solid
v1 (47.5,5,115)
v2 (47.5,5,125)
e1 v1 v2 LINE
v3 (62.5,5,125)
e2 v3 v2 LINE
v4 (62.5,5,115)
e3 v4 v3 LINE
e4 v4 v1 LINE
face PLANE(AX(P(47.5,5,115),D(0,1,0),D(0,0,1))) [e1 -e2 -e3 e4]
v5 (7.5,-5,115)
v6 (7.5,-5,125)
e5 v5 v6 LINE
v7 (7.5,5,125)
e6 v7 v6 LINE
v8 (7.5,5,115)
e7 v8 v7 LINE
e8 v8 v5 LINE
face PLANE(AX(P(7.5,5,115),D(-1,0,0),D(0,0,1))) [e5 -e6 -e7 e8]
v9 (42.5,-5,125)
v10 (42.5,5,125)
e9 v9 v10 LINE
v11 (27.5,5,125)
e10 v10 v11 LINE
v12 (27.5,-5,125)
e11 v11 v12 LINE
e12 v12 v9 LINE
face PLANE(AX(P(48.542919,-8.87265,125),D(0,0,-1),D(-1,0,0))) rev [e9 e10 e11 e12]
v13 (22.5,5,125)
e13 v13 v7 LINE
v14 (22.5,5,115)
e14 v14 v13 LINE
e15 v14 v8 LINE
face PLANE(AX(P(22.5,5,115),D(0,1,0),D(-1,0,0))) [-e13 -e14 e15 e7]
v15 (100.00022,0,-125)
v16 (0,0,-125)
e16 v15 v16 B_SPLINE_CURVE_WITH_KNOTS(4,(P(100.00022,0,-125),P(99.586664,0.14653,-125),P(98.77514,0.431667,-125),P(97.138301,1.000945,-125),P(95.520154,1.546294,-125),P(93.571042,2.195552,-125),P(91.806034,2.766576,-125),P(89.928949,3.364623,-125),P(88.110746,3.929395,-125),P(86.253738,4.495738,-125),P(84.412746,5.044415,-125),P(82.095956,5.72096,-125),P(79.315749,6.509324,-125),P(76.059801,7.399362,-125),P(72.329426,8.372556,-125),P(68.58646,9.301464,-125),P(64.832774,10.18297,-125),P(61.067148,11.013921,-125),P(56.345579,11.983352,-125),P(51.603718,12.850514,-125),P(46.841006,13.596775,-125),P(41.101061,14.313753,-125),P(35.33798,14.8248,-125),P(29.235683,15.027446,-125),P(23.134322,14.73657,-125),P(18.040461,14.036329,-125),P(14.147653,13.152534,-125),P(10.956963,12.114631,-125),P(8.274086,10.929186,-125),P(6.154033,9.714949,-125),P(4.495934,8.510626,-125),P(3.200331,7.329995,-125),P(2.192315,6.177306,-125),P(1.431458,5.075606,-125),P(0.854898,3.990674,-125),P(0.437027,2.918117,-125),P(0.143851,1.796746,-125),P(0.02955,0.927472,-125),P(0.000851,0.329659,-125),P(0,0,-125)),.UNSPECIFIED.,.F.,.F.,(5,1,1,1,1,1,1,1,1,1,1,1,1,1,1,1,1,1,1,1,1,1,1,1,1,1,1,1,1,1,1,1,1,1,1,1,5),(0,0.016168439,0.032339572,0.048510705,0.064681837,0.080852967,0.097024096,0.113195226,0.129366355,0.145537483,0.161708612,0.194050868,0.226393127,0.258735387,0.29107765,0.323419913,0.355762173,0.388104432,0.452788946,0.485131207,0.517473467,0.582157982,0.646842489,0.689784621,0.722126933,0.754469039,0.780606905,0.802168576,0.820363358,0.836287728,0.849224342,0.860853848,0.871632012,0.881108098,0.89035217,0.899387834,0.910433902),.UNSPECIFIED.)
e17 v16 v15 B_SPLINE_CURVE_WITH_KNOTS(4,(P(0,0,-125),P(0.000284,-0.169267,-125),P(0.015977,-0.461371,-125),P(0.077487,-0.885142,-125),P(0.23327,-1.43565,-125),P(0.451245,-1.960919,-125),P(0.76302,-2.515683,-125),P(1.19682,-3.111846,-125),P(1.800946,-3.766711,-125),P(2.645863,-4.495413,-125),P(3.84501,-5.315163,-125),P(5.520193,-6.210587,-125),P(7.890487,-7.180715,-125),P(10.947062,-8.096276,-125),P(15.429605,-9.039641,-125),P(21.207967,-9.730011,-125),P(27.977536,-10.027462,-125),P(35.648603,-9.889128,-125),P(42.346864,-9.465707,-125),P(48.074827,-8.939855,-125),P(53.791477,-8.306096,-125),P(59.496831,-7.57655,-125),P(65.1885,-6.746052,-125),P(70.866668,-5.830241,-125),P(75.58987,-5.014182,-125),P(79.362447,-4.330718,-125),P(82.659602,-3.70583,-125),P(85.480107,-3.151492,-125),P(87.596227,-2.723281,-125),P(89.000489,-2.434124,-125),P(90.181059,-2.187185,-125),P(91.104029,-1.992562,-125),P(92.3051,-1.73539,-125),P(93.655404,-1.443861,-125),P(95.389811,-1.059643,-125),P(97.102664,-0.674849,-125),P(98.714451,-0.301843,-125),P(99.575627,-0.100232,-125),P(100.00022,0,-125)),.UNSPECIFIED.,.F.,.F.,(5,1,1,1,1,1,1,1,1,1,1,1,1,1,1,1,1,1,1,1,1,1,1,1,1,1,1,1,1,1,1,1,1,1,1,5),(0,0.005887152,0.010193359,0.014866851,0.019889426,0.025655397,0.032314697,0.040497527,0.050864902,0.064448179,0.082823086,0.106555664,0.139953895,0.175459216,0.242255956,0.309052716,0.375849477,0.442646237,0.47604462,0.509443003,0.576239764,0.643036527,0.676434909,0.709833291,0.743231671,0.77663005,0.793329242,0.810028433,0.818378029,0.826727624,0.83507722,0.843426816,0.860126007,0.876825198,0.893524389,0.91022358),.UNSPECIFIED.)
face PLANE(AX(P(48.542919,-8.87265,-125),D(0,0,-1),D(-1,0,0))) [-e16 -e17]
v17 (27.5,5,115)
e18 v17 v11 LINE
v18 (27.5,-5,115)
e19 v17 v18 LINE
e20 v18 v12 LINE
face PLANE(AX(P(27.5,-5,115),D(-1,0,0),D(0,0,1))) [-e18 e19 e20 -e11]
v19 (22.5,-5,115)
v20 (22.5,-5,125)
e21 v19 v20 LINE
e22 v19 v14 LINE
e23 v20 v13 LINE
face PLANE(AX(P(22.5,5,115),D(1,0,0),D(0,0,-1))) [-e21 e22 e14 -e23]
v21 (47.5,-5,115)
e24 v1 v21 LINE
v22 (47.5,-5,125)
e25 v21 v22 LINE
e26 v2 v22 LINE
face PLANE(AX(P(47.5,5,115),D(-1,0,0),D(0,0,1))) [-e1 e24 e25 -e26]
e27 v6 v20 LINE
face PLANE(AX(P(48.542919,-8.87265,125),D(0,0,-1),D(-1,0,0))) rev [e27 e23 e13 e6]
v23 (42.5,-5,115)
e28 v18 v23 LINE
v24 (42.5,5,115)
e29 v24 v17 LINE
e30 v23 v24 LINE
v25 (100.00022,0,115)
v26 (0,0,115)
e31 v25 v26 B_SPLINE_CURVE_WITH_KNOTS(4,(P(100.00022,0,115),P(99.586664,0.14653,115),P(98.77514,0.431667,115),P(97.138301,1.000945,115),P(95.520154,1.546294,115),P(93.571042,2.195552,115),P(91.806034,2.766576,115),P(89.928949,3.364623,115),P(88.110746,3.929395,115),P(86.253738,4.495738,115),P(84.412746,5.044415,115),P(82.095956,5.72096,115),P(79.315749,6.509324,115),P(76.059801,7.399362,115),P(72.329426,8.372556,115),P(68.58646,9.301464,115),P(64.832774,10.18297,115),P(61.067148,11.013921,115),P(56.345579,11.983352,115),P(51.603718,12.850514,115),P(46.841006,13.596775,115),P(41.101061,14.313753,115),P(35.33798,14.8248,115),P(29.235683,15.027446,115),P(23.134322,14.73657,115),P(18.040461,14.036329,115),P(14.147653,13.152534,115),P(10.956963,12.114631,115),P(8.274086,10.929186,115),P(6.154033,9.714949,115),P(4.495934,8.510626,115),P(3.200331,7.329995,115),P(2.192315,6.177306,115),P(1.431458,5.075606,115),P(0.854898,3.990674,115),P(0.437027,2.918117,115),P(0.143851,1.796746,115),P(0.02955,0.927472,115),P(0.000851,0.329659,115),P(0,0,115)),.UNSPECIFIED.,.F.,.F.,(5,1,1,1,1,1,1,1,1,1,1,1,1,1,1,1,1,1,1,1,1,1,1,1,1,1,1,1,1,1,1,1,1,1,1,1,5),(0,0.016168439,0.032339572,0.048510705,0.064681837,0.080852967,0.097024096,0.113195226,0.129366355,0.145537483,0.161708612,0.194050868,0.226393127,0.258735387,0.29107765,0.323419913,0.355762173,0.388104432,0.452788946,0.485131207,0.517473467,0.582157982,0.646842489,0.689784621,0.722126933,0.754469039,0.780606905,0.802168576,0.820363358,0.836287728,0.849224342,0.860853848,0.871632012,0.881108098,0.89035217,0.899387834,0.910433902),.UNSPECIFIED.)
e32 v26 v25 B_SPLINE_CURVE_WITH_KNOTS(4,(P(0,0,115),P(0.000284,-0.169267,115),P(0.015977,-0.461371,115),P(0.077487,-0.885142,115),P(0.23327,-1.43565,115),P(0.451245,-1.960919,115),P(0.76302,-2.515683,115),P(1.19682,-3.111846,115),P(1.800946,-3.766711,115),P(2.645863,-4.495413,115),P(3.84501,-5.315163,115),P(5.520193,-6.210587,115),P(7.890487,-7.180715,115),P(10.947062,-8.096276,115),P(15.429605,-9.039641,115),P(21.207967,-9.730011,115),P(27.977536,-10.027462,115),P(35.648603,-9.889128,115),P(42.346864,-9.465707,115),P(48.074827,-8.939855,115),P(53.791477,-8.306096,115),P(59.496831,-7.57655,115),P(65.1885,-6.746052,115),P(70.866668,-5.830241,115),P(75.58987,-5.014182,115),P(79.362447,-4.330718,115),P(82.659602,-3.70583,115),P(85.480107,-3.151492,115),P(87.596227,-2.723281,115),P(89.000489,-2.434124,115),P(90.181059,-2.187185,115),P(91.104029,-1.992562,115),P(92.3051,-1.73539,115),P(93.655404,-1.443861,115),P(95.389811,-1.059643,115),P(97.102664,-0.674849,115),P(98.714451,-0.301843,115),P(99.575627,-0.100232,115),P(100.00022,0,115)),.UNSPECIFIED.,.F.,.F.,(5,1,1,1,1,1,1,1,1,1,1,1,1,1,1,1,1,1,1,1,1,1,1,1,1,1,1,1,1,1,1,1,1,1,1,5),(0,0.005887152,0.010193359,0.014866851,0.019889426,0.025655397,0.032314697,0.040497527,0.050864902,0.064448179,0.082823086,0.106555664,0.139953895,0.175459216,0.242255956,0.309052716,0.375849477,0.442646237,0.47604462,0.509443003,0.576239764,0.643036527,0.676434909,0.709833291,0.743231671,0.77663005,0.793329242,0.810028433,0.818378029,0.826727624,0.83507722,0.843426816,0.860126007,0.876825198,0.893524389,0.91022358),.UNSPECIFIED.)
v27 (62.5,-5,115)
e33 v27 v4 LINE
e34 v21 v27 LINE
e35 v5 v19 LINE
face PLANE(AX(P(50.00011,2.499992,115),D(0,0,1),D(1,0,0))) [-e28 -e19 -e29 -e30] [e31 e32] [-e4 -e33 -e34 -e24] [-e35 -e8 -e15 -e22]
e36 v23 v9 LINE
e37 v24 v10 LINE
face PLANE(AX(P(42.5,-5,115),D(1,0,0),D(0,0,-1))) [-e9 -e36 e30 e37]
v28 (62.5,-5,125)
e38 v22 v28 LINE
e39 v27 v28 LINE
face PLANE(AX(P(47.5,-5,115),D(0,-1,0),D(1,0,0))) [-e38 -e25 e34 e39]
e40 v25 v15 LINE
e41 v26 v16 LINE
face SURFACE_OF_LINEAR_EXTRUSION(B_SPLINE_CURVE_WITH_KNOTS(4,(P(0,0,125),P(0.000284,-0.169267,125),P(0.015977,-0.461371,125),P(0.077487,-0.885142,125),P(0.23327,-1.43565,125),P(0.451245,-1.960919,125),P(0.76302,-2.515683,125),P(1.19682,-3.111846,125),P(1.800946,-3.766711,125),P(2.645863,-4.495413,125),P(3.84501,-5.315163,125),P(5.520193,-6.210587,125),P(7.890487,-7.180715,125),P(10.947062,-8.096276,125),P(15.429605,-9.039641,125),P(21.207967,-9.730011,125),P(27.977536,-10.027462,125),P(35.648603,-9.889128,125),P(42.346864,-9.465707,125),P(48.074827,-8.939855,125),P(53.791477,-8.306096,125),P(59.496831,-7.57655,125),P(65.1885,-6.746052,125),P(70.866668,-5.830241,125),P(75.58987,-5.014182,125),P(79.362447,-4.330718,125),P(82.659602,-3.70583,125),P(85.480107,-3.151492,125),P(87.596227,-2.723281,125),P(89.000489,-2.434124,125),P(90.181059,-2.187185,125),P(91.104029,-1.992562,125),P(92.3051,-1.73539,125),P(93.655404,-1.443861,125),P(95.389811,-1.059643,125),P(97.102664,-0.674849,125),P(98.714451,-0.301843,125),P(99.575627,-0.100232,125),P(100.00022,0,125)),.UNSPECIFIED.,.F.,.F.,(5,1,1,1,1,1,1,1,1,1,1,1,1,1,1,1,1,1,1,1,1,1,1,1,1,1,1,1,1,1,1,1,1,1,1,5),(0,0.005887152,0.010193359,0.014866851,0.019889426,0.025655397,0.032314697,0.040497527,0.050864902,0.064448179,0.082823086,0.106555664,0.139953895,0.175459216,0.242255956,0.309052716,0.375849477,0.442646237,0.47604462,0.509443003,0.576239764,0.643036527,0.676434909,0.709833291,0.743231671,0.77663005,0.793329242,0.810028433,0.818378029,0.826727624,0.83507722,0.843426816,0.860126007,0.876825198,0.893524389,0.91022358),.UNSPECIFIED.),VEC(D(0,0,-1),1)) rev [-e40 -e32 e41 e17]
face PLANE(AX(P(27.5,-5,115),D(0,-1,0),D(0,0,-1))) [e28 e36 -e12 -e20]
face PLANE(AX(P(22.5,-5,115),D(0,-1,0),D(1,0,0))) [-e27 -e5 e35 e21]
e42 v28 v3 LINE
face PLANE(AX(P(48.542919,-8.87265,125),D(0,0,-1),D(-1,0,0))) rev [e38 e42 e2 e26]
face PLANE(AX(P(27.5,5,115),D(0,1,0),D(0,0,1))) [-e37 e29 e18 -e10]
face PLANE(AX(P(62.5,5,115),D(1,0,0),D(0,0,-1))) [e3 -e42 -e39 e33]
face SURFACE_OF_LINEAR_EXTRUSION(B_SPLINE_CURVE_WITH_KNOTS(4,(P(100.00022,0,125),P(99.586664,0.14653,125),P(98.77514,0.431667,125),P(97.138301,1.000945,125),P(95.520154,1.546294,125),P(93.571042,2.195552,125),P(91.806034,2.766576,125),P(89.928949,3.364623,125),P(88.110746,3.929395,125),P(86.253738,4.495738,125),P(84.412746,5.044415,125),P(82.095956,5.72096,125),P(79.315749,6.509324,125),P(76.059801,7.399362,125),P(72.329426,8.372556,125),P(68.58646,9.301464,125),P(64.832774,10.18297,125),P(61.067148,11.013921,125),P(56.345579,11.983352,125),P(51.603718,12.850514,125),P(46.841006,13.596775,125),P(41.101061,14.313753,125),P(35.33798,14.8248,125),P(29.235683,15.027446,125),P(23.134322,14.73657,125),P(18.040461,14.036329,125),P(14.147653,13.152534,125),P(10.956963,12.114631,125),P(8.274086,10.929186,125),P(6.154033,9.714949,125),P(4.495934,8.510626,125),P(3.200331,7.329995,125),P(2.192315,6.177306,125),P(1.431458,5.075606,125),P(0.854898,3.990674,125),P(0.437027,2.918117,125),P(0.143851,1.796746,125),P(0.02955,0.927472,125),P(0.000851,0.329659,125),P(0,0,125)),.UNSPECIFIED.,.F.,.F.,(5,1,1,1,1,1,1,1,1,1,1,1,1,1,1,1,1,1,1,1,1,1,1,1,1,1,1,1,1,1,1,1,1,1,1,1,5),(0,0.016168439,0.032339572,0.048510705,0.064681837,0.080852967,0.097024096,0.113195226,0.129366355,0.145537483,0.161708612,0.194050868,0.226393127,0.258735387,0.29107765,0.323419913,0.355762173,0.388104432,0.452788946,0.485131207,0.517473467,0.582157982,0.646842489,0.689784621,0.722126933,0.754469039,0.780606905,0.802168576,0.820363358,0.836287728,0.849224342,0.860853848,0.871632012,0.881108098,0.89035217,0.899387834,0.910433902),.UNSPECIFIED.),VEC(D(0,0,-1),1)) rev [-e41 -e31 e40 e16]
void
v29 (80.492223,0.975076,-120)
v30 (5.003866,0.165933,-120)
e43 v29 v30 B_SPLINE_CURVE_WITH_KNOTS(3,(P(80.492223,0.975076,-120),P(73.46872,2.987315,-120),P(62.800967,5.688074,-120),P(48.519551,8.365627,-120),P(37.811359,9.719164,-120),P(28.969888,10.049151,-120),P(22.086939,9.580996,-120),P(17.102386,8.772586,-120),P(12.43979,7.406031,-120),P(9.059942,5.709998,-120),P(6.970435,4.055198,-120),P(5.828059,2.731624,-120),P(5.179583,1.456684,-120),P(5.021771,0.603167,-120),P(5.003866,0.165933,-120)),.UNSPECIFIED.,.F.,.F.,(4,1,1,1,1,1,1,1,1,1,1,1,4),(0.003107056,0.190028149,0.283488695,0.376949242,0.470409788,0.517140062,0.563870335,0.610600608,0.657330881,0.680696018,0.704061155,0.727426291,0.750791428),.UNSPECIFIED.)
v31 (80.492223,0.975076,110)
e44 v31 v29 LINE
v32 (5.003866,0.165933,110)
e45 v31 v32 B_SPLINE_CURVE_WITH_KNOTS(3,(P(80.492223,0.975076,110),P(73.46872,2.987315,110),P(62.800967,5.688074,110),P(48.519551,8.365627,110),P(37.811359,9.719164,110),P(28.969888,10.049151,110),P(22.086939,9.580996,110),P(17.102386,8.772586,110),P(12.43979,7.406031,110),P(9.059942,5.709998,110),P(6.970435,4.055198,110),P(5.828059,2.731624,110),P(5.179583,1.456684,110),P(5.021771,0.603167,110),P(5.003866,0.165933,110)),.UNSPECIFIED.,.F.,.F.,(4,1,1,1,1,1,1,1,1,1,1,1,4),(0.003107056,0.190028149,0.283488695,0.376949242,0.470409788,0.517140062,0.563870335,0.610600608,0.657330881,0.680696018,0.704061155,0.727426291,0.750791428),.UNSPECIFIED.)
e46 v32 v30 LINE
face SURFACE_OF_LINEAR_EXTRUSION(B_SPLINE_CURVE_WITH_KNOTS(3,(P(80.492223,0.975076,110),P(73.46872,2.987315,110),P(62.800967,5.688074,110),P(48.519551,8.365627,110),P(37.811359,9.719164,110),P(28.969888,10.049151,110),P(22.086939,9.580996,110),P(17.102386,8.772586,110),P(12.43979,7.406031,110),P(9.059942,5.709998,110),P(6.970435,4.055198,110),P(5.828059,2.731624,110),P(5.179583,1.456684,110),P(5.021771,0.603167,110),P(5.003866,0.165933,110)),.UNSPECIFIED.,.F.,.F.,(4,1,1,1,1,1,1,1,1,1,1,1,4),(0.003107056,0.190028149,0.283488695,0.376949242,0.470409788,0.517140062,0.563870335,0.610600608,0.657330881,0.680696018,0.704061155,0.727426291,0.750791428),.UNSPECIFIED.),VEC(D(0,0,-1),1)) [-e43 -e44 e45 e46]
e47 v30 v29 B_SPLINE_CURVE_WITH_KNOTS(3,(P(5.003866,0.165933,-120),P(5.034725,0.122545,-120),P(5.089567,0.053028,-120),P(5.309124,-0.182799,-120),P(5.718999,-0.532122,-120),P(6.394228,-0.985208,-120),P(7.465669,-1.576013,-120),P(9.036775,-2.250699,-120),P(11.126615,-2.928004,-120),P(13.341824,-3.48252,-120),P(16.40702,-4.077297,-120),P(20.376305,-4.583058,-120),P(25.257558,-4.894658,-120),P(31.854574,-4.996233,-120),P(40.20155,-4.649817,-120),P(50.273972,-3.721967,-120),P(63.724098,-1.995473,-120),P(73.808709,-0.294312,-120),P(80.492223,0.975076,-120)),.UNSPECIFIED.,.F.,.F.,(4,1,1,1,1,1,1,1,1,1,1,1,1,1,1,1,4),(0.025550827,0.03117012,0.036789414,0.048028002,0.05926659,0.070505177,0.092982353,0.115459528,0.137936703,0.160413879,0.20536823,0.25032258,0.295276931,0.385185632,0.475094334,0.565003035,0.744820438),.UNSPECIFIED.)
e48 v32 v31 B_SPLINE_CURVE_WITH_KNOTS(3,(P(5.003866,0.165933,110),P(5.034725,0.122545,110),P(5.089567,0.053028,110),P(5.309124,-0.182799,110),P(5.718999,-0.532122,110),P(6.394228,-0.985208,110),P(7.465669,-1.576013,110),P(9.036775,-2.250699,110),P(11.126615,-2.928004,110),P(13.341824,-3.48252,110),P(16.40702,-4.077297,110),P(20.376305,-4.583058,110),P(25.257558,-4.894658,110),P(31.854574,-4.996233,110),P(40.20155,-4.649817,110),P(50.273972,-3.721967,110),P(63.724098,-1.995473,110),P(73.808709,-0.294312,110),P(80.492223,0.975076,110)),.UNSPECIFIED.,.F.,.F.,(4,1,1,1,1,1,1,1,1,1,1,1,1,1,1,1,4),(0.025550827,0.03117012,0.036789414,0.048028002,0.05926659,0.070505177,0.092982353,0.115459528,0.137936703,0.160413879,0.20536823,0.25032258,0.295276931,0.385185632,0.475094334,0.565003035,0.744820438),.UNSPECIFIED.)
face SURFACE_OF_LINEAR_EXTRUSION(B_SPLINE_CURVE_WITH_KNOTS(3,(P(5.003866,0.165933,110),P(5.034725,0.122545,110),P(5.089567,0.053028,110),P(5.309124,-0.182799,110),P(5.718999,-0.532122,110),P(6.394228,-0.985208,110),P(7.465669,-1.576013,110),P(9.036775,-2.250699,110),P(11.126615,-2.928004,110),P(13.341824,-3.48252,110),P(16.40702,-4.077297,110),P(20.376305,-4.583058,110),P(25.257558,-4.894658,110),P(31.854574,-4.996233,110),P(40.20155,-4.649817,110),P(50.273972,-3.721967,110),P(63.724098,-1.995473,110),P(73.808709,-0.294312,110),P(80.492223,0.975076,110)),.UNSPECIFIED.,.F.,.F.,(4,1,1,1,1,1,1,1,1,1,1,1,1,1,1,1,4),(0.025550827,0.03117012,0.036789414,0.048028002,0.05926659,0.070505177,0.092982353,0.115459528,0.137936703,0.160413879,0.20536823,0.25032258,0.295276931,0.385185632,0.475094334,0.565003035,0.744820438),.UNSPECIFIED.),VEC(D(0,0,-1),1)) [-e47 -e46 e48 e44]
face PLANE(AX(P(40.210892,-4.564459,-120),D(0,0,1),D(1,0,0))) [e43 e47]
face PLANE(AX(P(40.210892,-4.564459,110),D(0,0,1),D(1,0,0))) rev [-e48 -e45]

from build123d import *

# Parameters (mm, degrees)
BOSS_EXTRUDE1_DEPTH     = 125
CUT_EXTRUDE1_DEPTH      = 110
CUT_EXTRUDE1_DEPTH_BACK = 120
SKETCH8_OUTSIDE_W       = 156.08
SKETCH8_OUTSIDE_H       = 80.93
SKETCH8_OUTSIDE_W_2     = 15
SKETCH8_OUTSIDE_H_2     = 10
CUT_EXTRUDE2_DEPTH      = 10


with BuildPart() as part:
    # Sketch1 → Boss-Extrude1 (new body, symmetric)
    with BuildSketch(Plane.XY):
        with BuildLine():
            add(Edge.make_bspline(
                [(0, 0), (0.000850995, 0.329659199), (0.029549865, 0.927472015), (0.14385133, 1.796745902), (0.437026819, 2.918116545), (0.854897816, 3.99067399), (1.431457873, 5.075606208), (2.192315162, 6.177305776), (3.200330795, 7.329994922), (4.495933807, 8.510625759), (6.154032841, 9.714948919), (8.274086435, 10.929186229), (10.956963281, 12.114631433), (14.147653492, 13.152534318), (18.040460609, 14.036328853), (23.13432232, 14.736569605), (29.235682959, 15.027445823), (35.337980191, 14.824799668), (41.101061226, 14.313753112), (46.84100573, 13.596774566), (51.603718071, 12.850513756), (56.345578755, 11.983351698), (61.067148387, 11.013921336), (64.832774323, 10.182970339), (68.586460194, 9.301464098), (72.329426272, 8.372556112), (76.059801155, 7.399362237), (79.315748534, 6.509324276), (82.095955547, 5.720960272), (84.412746103, 5.044415193), (86.253737616, 4.495737821), (88.110746108, 3.929395104), (89.928948501, 3.364622885), (91.806033909, 2.766575591), (93.571042413, 2.195551738), (95.520153622, 1.546294126), (97.13830136, 1.000944859), (98.775140125, 0.431667147), (99.586664269, 0.14652965), (100.000220498, 0)],
                knots=[0, 0, 0, 0, 0, 0.011046069, 0.020081733, 0.029325805, 0.03880189, 0.049580055, 0.06120956, 0.074146174, 0.090070544, 0.108265326, 0.129826997, 0.155964864, 0.18830697, 0.220649281, 0.263591413, 0.32827592, 0.392960436, 0.425302696, 0.457644956, 0.52232947, 0.55467173, 0.58701399, 0.619356253, 0.651698515, 0.684040775, 0.716383035, 0.748725291, 0.764896419, 0.781067547, 0.797238677, 0.813409806, 0.829580935, 0.845752065, 0.861923198, 0.878094331, 0.894265464, 0.910433902, 0.910433902, 0.910433902, 0.910433902, 0.910433902], degree=4))
            add(Edge.make_bspline(
                [(0, 0), (0.000283694, -0.169267254), (0.015976794, -0.461371136), (0.077487025, -0.88514164), (0.233270026, -1.435649885), (0.451244669, -1.960918505), (0.763020391, -2.515682909), (1.196819683, -3.111846412), (1.800946429, -3.766711239), (2.645862845, -4.495413172), (3.845009807, -5.315163118), (5.520192869, -6.210587445), (7.890487327, -7.180714875), (10.947062049, -8.096276481), (15.429604607, -9.039640979), (21.207967366, -9.730011133), (27.977535992, -10.02746215), (35.648602876, -9.889128299), (42.346864335, -9.465706657), (48.074827103, -8.93985543), (53.791477179, -8.306095929), (59.496830619, -7.576550222), (65.188499989, -6.746051578), (70.86666832, -5.830240622), (75.589869863, -5.014181774), (79.362447213, -4.33071773), (82.659602016, -3.705830248), (85.480106996, -3.151491524), (87.596226543, -2.723280533), (89.000489113, -2.434123885), (90.181059485, -2.187185496), (91.104029231, -1.992562417), (92.305099816, -1.735390328), (93.655404022, -1.443860687), (95.389810689, -1.059643077), (97.102663756, -0.674849293), (98.714450572, -0.301843412), (99.575627153, -0.100232022), (100.000220498, 0)],
                knots=[0, 0, 0, 0, 0, 0.005887152, 0.010193359, 0.014866851, 0.019889426, 0.025655397, 0.032314697, 0.040497527, 0.050864902, 0.064448179, 0.082823086, 0.106555664, 0.139953895, 0.175459216, 0.242255956, 0.309052716, 0.375849477, 0.442646237, 0.47604462, 0.509443003, 0.576239764, 0.643036527, 0.676434909, 0.709833291, 0.743231671, 0.77663005, 0.793329242, 0.810028433, 0.818378029, 0.826727624, 0.83507722, 0.843426816, 0.860126007, 0.876825198, 0.893524389, 0.91022358, 0.91022358, 0.91022358, 0.91022358, 0.91022358], degree=4))
        make_face()
    extrude(amount=BOSS_EXTRUDE1_DEPTH, both=True)

    # Sketch6 → Cut-Extrude1 (cut, two sides)
    with BuildSketch(Plane.XY) as cut_extrude1_sk:
        with BuildLine():
            add(Edge.make_bspline(
                [(5.003866411, 0.16593331), (5.021771107, 0.603167174), (5.179582681, 1.45668418), (5.828059264, 2.731623867), (6.970434665, 4.055197794), (9.059941641, 5.70999826), (12.439790451, 7.406031049), (17.102385774, 8.772586441), (22.086939339, 9.580996278), (28.969887571, 10.04915127), (37.811358565, 9.719164197), (48.519550578, 8.365627259), (62.800967104, 5.688073766), (73.468720144, 2.987314718), (80.492223408, 0.975075783)],
                knots=[0.003107056, 0.003107056, 0.003107056, 0.003107056, 0.026472192, 0.049837329, 0.073202466, 0.096567602, 0.143297876, 0.190028149, 0.236758422, 0.283488695, 0.376949242, 0.470409788, 0.563870335, 0.750791428, 0.750791428, 0.750791428, 0.750791428], degree=3))
            add(Edge.make_bspline(
                [(80.492223408, 0.975075783), (73.808709309, -0.294311553), (63.724097701, -1.995472923), (50.2739718, -3.721966825), (40.201550005, -4.64981718), (31.854573956, -4.99623266), (25.257558055, -4.894657534), (20.376304938, -4.583057975), (16.407020376, -4.077297068), (13.341823588, -3.482519629), (11.126614852, -2.928004065), (9.036775347, -2.250698534), (7.465669402, -1.576012545), (6.39422808, -0.985208256), (5.718999313, -0.532122097), (5.309123649, -0.182799424), (5.089567118, 0.053028449), (5.034725373, 0.122545069), (5.003866411, 0.16593331)],
                knots=[0.025550827, 0.025550827, 0.025550827, 0.025550827, 0.20536823, 0.295276931, 0.385185632, 0.475094334, 0.520048685, 0.565003035, 0.609957386, 0.632434561, 0.654911737, 0.677388912, 0.699866088, 0.711104675, 0.722343263, 0.733581851, 0.739201144, 0.744820438, 0.744820438, 0.744820438, 0.744820438], degree=3))
        make_face()
    extrude(amount=CUT_EXTRUDE1_DEPTH, mode=Mode.SUBTRACT)
    extrude(cut_extrude1_sk.sketch, amount=-CUT_EXTRUDE1_DEPTH_BACK, mode=Mode.SUBTRACT)

    # Sketch8 outside → Cut-Extrude2 (cut)
    with BuildSketch(Plane.XY.offset(125)):
        with Locations((50, 2.485)):
            Rectangle(SKETCH8_OUTSIDE_W, SKETCH8_OUTSIDE_H)
        with Locations((35, 0)):
            Rectangle(SKETCH8_OUTSIDE_W_2, SKETCH8_OUTSIDE_H_2, mode=Mode.SUBTRACT)
        with Locations((15, 0)):
            Rectangle(SKETCH8_OUTSIDE_W_2, SKETCH8_OUTSIDE_H_2, mode=Mode.SUBTRACT)
        with Locations((55, 0)):
            Rectangle(SKETCH8_OUTSIDE_W_2, SKETCH8_OUTSIDE_H_2, mode=Mode.SUBTRACT)
    extrude(amount=-CUT_EXTRUDE2_DEPTH, mode=Mode.SUBTRACT)


solid = part.part
